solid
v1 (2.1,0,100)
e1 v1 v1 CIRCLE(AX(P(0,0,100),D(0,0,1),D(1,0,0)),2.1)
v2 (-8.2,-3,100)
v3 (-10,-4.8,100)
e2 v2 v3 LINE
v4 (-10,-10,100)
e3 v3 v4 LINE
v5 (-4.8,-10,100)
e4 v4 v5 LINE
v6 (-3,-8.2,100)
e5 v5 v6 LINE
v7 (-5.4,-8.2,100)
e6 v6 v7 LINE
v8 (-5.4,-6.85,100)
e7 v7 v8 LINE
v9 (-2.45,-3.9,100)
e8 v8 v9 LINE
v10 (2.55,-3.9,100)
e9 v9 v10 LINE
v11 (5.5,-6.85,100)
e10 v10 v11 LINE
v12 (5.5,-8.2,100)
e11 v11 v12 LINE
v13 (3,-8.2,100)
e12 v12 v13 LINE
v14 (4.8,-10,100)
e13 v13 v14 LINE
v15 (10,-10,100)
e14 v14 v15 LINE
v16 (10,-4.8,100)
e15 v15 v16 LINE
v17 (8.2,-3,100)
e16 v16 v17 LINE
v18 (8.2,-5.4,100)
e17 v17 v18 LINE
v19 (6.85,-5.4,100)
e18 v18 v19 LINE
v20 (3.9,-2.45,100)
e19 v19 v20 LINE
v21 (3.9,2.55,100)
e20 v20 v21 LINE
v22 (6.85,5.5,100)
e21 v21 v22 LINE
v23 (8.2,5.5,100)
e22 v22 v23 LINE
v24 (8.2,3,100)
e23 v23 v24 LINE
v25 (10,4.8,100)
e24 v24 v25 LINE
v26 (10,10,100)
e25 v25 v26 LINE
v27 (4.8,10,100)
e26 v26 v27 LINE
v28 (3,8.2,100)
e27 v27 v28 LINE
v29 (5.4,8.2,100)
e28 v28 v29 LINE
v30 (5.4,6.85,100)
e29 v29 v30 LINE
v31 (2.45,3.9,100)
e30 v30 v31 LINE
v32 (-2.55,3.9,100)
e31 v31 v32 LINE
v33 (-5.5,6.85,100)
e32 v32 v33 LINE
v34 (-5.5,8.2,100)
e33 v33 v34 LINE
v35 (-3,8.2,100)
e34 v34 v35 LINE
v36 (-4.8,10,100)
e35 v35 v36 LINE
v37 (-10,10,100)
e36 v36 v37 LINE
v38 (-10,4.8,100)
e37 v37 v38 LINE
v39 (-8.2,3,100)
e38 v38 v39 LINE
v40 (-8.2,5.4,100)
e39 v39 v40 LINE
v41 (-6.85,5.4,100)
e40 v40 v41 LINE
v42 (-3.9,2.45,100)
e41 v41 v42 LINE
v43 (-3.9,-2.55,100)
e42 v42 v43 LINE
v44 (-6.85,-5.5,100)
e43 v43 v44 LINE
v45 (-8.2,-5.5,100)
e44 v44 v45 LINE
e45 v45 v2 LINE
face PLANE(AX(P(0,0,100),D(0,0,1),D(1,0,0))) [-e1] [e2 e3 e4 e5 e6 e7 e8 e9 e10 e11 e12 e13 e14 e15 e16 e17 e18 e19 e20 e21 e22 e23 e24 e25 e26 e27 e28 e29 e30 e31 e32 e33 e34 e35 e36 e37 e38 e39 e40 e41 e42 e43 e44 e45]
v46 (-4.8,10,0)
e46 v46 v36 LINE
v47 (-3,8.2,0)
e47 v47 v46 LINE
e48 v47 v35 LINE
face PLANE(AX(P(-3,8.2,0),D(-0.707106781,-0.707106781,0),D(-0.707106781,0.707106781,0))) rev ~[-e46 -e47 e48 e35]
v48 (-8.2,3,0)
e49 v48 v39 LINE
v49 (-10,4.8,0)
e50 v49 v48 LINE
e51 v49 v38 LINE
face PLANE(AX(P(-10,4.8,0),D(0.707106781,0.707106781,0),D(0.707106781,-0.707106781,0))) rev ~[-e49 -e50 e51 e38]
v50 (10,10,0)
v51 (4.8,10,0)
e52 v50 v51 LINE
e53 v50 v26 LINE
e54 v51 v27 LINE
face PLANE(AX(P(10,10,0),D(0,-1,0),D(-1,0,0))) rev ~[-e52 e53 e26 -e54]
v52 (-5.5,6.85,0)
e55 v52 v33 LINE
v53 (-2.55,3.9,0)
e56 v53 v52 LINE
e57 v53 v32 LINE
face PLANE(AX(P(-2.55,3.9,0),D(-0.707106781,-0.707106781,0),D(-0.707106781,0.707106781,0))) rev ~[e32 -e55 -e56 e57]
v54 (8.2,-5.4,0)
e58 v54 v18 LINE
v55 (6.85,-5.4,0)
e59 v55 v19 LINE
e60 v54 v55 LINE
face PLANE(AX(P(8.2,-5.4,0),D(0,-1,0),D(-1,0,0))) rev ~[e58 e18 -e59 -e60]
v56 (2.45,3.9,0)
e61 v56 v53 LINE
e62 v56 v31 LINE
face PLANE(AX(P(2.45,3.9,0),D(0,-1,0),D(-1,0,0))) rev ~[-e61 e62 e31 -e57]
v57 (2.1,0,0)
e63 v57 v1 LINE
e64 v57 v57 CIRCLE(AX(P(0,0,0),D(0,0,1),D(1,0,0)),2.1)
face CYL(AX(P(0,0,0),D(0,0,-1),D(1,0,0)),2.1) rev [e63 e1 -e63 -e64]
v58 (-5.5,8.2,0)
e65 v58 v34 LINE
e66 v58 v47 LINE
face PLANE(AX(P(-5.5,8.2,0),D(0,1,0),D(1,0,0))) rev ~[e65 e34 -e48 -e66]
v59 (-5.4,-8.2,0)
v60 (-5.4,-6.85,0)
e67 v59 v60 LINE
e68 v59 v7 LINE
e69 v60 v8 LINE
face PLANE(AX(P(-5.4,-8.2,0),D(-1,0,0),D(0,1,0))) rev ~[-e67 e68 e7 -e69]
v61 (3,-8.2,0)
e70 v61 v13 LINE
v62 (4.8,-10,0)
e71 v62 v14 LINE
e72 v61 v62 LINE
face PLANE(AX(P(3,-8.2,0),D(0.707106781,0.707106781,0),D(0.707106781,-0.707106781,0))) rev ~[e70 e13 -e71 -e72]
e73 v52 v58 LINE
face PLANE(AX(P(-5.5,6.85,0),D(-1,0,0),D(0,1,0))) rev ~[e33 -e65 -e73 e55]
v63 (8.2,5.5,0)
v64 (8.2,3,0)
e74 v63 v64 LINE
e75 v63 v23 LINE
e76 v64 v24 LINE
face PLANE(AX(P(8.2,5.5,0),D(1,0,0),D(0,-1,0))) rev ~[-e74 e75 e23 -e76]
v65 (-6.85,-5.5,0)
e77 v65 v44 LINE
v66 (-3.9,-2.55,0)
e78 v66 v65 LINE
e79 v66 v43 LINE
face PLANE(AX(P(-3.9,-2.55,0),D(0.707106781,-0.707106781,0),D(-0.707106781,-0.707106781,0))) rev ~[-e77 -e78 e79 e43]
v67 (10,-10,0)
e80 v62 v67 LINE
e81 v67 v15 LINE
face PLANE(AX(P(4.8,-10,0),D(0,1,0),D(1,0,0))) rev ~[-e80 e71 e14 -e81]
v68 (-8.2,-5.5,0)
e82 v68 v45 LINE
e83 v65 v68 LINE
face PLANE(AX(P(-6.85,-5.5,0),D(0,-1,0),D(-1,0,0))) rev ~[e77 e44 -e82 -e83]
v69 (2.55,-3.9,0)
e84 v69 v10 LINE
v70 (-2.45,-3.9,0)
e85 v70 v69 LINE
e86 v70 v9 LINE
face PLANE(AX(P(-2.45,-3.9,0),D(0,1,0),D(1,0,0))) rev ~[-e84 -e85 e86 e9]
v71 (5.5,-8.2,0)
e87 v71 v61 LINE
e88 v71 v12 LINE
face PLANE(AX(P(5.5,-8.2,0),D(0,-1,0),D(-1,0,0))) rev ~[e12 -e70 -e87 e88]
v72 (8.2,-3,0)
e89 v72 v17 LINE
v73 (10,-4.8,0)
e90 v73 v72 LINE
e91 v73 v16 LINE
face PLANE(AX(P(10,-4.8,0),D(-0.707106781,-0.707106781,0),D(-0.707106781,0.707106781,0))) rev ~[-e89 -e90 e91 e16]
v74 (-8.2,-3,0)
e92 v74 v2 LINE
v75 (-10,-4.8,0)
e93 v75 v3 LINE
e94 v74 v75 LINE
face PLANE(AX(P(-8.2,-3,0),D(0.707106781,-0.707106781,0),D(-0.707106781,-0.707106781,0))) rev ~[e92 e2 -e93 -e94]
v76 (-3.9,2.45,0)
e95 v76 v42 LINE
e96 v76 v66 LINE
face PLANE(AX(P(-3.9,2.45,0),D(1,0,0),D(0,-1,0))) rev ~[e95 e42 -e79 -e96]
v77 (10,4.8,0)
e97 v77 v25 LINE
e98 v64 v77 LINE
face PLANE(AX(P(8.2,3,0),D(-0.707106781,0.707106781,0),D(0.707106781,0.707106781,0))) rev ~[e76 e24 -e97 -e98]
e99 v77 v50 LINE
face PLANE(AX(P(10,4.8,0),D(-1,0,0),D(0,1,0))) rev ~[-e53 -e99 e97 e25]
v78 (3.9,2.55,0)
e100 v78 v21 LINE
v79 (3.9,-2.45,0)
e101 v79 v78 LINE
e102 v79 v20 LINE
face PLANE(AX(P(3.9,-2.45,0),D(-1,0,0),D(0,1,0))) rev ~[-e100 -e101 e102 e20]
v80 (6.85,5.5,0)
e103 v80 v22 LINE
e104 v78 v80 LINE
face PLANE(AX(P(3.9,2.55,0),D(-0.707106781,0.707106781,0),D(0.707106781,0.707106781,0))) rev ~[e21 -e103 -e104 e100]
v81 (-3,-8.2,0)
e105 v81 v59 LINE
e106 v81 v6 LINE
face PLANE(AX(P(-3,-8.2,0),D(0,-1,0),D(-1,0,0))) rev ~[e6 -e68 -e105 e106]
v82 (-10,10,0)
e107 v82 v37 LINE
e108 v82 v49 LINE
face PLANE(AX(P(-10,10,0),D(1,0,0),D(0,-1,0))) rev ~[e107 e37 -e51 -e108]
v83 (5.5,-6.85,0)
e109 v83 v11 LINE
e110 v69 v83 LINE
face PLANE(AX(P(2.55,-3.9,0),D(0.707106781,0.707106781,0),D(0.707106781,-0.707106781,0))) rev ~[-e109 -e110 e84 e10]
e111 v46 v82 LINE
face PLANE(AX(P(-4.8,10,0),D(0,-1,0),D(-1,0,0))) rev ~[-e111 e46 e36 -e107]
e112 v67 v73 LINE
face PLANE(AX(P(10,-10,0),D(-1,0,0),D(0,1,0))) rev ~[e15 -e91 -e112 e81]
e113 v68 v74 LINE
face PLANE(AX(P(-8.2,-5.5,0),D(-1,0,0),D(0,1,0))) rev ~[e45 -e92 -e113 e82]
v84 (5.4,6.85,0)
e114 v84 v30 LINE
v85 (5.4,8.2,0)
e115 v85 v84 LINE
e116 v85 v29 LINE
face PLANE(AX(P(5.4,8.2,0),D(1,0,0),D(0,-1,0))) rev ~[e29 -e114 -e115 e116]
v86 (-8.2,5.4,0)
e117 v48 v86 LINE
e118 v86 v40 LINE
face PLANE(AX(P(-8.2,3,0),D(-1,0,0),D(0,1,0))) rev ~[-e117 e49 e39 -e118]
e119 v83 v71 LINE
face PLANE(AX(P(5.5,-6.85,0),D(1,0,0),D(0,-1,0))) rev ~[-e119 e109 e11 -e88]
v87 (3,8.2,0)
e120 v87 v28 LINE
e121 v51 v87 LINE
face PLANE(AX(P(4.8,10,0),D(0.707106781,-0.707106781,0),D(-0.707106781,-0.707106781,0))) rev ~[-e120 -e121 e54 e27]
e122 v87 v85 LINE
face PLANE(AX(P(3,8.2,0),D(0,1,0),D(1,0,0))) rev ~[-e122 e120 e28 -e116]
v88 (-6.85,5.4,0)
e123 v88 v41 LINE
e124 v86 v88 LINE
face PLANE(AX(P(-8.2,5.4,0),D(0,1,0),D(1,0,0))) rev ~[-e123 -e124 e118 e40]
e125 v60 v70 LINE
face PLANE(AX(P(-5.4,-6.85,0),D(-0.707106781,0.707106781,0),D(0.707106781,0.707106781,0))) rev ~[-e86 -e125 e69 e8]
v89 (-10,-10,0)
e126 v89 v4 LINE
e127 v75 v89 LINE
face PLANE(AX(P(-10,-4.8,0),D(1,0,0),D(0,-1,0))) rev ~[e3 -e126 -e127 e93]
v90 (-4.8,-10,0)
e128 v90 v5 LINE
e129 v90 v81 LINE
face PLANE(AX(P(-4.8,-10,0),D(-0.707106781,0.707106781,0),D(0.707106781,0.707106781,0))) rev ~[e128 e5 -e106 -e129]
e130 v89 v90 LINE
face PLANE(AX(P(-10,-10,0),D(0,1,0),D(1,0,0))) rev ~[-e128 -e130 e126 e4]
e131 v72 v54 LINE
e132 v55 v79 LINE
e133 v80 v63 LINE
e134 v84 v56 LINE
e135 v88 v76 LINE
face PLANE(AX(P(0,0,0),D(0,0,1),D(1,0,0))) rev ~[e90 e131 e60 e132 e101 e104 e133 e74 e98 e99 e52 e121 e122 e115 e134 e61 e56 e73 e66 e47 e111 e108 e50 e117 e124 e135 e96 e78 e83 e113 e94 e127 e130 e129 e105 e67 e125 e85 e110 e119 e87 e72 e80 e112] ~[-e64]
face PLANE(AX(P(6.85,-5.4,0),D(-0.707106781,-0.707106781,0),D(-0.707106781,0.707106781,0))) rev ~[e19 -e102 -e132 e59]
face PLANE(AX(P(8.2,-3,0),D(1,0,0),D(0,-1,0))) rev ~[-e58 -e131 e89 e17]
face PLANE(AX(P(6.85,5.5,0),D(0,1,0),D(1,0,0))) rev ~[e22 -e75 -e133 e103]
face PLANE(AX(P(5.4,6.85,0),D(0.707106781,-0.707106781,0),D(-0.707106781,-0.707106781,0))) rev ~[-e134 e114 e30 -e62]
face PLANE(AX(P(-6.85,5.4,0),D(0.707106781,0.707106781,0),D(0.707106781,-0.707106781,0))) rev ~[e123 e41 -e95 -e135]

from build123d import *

# Parameters (mm, degrees)
CROQUIS1_R              = 2.1
SALIENTE_EXTRUIR1_DEPTH = 100


with BuildPart() as part:
    # Croquis1 → Saliente-Extruir1 (new body)
    with BuildSketch(Plane.XY):
        Polygon((3, 8.2), (5.4, 8.2), (5.4, 6.85), (2.45, 3.9), (-2.55, 3.9), (-5.5, 6.85), (-5.5, 8.2), (-3, 8.2), (-4.8, 10), (-10, 10), (-10, 4.8), (-8.2, 3), (-8.2, 5.4), (-6.85, 5.4), (-3.9, 2.45), (-3.9, -2.55), (-6.85, -5.5), (-8.2, -5.5), (-8.2, -3), (-10, -4.8), (-10, -10), (-4.8, -10), (-3, -8.2), (-5.4, -8.2), (-5.4, -6.85), (-2.45, -3.9), (2.55, -3.9), (5.5, -6.85), (5.5, -8.2), (3, -8.2), (4.8, -10), (10, -10), (10, -4.8), (8.2, -3), (8.2, -5.4), (6.85, -5.4), (3.9, -2.45), (3.9, 2.55), (6.85, 5.5), (8.2, 5.5), (8.2, 3), (10, 4.8), (10, 10), (4.8, 10), align=None)
        Circle(CROQUIS1_R, mode=Mode.SUBTRACT)
    extrude(amount=SALIENTE_EXTRUIR1_DEPTH)


solid = part.part
